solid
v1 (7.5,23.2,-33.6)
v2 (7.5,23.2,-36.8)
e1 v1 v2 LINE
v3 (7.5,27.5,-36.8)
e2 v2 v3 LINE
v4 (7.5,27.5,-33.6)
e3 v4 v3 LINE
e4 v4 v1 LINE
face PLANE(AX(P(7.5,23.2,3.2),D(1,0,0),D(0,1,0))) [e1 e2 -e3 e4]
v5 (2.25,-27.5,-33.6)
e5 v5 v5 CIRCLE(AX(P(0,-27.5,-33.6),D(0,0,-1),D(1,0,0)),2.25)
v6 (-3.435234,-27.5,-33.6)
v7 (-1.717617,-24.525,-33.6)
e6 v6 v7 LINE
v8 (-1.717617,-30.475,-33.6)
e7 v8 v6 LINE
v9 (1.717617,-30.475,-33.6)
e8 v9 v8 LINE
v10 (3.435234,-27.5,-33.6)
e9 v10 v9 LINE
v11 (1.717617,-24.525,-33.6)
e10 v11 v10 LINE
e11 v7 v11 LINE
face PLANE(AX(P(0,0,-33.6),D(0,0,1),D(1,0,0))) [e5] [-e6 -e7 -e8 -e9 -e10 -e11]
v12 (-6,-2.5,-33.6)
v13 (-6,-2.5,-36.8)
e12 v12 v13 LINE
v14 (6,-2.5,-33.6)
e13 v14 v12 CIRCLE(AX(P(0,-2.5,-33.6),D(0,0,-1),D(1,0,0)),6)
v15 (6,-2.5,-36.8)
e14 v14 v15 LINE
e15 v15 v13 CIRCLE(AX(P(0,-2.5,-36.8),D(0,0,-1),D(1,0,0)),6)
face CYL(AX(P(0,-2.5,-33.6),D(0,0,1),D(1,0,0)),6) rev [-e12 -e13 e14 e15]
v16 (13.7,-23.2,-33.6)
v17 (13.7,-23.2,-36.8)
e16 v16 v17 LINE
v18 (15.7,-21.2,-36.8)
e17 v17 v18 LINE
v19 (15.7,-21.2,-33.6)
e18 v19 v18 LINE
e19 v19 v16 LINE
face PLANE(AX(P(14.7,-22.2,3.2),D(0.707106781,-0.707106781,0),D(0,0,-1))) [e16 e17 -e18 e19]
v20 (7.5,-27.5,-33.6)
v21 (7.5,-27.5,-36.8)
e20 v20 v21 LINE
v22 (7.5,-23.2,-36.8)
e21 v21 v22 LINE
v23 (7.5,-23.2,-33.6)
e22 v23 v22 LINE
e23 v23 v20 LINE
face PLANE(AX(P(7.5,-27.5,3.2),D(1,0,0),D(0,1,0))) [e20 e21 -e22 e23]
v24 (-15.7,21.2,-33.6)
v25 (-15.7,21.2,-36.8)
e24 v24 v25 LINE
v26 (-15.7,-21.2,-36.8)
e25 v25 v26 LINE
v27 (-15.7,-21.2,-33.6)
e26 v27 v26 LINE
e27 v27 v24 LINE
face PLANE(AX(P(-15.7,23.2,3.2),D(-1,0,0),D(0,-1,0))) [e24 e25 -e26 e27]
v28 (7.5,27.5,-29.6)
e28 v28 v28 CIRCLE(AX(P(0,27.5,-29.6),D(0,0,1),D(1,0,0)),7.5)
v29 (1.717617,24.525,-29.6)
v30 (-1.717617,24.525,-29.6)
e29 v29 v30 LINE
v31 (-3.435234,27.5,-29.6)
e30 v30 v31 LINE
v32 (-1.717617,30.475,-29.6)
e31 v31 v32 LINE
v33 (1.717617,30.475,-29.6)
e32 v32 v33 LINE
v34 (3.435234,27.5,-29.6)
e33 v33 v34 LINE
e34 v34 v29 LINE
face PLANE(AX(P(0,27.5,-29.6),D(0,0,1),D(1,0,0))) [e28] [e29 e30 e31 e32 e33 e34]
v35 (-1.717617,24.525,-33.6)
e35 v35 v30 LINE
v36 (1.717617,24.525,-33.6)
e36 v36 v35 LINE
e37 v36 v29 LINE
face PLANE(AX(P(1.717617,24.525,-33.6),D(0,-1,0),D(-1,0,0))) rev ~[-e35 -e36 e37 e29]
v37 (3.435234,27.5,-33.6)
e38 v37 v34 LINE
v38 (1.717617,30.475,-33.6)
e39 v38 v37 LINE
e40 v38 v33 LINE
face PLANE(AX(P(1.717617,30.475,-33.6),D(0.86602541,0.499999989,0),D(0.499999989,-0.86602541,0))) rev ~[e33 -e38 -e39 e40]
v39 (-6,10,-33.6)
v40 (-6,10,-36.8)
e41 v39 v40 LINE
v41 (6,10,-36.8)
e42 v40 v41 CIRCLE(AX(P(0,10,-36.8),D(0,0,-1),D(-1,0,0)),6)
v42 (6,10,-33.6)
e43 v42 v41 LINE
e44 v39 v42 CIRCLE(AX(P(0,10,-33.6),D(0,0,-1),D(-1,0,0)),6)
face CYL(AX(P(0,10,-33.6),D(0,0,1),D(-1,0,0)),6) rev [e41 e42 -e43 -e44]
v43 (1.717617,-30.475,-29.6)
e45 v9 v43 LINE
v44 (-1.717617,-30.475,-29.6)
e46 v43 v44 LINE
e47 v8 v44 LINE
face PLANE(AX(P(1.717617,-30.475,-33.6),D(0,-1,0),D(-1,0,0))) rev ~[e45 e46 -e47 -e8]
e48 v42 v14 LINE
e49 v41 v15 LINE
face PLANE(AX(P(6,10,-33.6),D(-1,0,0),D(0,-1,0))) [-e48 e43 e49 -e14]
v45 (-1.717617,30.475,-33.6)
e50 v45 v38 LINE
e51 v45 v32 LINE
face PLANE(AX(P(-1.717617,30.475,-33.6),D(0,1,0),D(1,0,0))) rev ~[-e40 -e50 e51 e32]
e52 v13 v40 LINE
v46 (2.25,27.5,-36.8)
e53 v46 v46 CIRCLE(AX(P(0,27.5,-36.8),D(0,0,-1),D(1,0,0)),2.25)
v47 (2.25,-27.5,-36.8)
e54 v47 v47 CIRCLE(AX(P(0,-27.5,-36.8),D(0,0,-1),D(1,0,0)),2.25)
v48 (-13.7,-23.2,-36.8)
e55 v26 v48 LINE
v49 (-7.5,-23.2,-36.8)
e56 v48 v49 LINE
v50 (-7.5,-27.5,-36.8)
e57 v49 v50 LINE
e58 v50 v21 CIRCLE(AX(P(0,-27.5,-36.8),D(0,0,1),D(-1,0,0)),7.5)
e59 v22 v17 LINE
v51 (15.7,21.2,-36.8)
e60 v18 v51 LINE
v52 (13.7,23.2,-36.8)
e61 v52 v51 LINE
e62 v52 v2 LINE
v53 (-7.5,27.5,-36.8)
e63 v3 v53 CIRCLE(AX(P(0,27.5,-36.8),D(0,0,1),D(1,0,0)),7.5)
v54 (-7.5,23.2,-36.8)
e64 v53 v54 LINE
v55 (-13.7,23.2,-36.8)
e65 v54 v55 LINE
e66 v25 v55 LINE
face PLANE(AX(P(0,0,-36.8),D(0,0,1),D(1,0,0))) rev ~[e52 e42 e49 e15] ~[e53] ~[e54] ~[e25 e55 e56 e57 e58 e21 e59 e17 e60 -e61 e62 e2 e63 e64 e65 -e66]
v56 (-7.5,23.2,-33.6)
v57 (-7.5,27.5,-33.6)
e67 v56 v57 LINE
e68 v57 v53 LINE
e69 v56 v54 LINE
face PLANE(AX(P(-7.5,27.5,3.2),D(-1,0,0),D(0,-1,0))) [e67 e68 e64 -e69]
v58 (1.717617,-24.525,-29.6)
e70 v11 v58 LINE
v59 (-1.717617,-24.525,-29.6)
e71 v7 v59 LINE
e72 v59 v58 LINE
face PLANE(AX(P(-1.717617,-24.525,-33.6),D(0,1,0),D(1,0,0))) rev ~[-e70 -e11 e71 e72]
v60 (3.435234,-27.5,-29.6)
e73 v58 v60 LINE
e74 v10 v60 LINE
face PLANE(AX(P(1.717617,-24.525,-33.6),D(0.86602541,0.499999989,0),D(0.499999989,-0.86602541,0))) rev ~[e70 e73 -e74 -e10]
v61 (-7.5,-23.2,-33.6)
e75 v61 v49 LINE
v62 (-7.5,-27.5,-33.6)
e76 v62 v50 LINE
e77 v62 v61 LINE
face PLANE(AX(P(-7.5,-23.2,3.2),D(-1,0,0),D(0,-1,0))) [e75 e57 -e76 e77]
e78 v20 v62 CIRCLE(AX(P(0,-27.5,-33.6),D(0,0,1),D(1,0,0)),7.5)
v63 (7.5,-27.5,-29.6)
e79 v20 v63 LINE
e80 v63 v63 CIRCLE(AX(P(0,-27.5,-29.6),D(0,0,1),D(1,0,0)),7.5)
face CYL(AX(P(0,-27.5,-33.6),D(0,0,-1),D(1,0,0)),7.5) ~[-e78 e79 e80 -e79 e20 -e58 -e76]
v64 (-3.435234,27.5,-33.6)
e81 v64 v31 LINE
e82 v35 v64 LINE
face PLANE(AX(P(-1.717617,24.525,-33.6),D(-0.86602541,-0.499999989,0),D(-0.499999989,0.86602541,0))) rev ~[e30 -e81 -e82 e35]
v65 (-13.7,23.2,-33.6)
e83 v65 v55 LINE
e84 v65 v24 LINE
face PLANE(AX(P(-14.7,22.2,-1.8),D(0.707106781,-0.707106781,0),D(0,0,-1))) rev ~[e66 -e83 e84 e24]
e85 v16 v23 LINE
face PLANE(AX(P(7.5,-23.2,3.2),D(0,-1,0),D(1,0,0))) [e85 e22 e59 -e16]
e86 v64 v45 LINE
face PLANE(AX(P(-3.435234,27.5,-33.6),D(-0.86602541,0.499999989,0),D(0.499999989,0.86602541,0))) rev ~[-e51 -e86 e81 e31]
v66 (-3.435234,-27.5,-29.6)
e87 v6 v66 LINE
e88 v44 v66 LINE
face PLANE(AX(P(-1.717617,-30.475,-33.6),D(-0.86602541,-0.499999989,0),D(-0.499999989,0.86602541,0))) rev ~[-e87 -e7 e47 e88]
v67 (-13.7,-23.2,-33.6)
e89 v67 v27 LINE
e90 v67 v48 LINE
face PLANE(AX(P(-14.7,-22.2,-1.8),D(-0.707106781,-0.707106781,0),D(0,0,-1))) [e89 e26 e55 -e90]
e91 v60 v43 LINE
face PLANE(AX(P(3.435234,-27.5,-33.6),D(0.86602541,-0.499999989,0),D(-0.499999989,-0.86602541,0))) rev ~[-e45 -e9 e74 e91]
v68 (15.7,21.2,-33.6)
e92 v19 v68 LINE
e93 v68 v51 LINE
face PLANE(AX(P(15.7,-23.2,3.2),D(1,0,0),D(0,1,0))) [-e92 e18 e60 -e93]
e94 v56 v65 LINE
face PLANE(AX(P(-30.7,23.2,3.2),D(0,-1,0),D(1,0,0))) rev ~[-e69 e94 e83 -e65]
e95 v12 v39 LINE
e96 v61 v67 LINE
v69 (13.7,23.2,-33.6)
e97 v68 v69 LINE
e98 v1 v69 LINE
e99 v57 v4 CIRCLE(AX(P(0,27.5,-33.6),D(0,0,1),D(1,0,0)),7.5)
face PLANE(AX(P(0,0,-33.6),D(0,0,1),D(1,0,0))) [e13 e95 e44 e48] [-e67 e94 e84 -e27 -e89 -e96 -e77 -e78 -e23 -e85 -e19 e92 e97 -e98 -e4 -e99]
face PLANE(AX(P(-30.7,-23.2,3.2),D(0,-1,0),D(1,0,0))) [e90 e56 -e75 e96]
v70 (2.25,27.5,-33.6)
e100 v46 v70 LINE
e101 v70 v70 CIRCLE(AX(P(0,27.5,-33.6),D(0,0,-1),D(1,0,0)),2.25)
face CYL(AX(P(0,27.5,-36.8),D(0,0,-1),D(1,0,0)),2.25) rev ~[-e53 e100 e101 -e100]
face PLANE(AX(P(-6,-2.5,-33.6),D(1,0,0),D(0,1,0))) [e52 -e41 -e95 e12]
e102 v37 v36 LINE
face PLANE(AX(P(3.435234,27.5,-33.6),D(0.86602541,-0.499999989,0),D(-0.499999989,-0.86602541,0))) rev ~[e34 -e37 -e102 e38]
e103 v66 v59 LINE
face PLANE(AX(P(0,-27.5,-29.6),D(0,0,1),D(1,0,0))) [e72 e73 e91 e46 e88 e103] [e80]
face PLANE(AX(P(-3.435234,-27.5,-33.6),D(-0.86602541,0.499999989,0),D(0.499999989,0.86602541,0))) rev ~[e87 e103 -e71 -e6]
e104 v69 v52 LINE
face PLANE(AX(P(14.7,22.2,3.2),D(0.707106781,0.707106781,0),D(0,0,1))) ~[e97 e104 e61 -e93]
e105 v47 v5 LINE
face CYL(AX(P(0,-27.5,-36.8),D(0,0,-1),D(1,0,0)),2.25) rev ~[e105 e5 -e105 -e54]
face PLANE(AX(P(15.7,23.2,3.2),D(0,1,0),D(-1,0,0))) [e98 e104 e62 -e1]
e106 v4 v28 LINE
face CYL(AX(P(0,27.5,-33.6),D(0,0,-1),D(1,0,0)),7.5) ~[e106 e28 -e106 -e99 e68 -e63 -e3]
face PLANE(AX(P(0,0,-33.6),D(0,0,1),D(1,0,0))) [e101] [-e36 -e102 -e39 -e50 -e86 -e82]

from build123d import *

# Parameters (mm, degrees)
F0_W      = 25
F0_H      = 40
F0_R      = 6.25
F1_DEPTH  = 3.2
F2_W      = 25
F2_H      = 40
F3_DEPTH  = 40
F4_W      = 15
F4_H      = 46.4
F4_R      = 2.25
F5_DEPTH  = 5
F6_SIZE   = 2
F7_R      = 2.25
F8_DEPTH  = 3.2
F9_W      = 46.4
F9_H      = 70
F10_DEPTH = 36.8
F11_W     = 25
F11_H     = 40
F12_DEPTH = 3.2
F13_R     = 7.5
F14_DEPTH = 4


with BuildPart() as f1:
    # F0 (on Top) → F1 (new body)
    with BuildSketch(Plane.XY):
        Rectangle(F0_W, F0_H)
        Circle(F0_R, mode=Mode.SUBTRACT)
    extrude(amount=F1_DEPTH)

    # F2 (on face) → F3 (join)
    with BuildSketch(Plane.XY.offset(3.2)):
        with BuildLine():
            Line((15.7, -23.2), (15.7, 23.2))
            Line((15.7, 23.2), (7.5, 23.2))
            Line((7.5, 23.2), (7.5, 27.5))
            ThreePointArc((7.5, 27.5), (0, 35), (-7.5, 27.5))
            Line((-7.5, 27.5), (-7.5, 23.2))
            Line((-7.5, 23.2), (-15.7, 23.2))
            Line((-15.7, 23.2), (-15.7, -23.2))
            Line((-15.7, -23.2), (-7.5, -23.2))
            Line((-7.5, -23.2), (-7.5, -27.5))
            ThreePointArc((-7.5, -27.5), (0, -35), (7.5, -27.5))
            Line((7.5, -27.5), (7.5, -23.2))
            Line((7.5, -23.2), (15.7, -23.2))
        make_face()
        Polygon((-3.435234, -27.5), (-1.717617, -24.525), (1.717617, -24.525), (3.435234, -27.5), (1.717617, -30.475), (-1.717617, -30.475), align=None, mode=Mode.SUBTRACT)
        Rectangle(F2_W, F2_H, mode=Mode.SUBTRACT)
        Polygon((-3.435234, 27.5), (-1.717617, 30.475), (1.717617, 30.475), (3.435234, 27.5), (1.717617, 24.525), (-1.717617, 24.525), align=None, mode=Mode.SUBTRACT)
    extrude(amount=-F3_DEPTH)

    # F4 (on face) → F5 (join)
    with BuildSketch(Plane.XY.offset(3.2)):
        with Locations((-23.2, 0)):
            Rectangle(F4_W, F4_H)
        with Locations((-23.2, -13.2)):
            Circle(F4_R, mode=Mode.SUBTRACT)
        with Locations((-23.2, 13.2)):
            Circle(F4_R, mode=Mode.SUBTRACT)
    extrude(amount=-F5_DEPTH)

    # F6
    f6_edges = [f1.edges().sort_by_distance(p)[0] for p in [
        (15.7, 23.2, -16.8),
        (-15.7, 23.2, -19.3),
        (-15.7, -23.2, -19.3),
        (15.7, -23.2, -16.8),
        (-30.7, 23.2, 0.7),
        (-30.7, -23.2, 0.7),
    ]]
    chamfer(f6_edges, length=F6_SIZE)

    # F7 (on face) → F8 (join)
    with BuildSketch(Plane(origin=(0, 0, -36.8), x_dir=(1, 0, 0), z_dir=(0, 0, -1))):
        Polygon((1.717617, 30.475), (-1.717617, 30.475), (-3.435234, 27.5), (-1.717617, 24.525), (1.717617, 24.525), (3.435234, 27.5), align=None)
        with Locations((0, 27.5)):
            Circle(F7_R, mode=Mode.SUBTRACT)
        Polygon((-3.435234, -27.5), (-1.717617, -30.475), (1.717617, -30.475), (3.435234, -27.5), (1.717617, -24.525), (-1.717617, -24.525), align=None)
        with Locations((0, -27.5)):
            Circle(F7_R, mode=Mode.SUBTRACT)
    extrude(amount=-F8_DEPTH)

    # F9 (on face) → F10 (cut)
    with BuildSketch(Plane.XY.offset(3.2)):
        with Locations((-7.5, 0)):
            Rectangle(F9_W, F9_H)
    extrude(amount=-F10_DEPTH, mode=Mode.SUBTRACT)

    # F11 (on face) → F12 (join)
    with BuildSketch(Plane.XY.offset(-33.6)):
        Rectangle(F11_W, F11_H)
        with BuildLine():
            ThreePointArc((-6, 10), (0, 16), (6, 10))
            Line((6, 10), (6, -2.5))
            ThreePointArc((6, -2.5), (0, -8.5), (-6, -2.5))
            Line((-6, -2.5), (-6, 10))
        make_face(mode=Mode.SUBTRACT)
    extrude(amount=-F12_DEPTH)

    # F13 (on face) → F14 (join)
    with BuildSketch(Plane.XY.offset(-33.6)):
        with Locations((0, 27.5)):
            Circle(F13_R)
        Polygon((-3.435234, 27.5), (-1.717617, 30.475), (1.717617, 30.475), (3.435234, 27.5), (1.717617, 24.525), (-1.717617, 24.525), align=None, mode=Mode.SUBTRACT)
        with Locations((0, -27.5)):
            Circle(F13_R)
        Polygon((-3.435234, -27.5), (-1.717617, -24.525), (1.717617, -24.525), (3.435234, -27.5), (1.717617, -30.475), (-1.717617, -30.475), align=None, mode=Mode.SUBTRACT)
    extrude(amount=F14_DEPTH)


solid = f1.part
